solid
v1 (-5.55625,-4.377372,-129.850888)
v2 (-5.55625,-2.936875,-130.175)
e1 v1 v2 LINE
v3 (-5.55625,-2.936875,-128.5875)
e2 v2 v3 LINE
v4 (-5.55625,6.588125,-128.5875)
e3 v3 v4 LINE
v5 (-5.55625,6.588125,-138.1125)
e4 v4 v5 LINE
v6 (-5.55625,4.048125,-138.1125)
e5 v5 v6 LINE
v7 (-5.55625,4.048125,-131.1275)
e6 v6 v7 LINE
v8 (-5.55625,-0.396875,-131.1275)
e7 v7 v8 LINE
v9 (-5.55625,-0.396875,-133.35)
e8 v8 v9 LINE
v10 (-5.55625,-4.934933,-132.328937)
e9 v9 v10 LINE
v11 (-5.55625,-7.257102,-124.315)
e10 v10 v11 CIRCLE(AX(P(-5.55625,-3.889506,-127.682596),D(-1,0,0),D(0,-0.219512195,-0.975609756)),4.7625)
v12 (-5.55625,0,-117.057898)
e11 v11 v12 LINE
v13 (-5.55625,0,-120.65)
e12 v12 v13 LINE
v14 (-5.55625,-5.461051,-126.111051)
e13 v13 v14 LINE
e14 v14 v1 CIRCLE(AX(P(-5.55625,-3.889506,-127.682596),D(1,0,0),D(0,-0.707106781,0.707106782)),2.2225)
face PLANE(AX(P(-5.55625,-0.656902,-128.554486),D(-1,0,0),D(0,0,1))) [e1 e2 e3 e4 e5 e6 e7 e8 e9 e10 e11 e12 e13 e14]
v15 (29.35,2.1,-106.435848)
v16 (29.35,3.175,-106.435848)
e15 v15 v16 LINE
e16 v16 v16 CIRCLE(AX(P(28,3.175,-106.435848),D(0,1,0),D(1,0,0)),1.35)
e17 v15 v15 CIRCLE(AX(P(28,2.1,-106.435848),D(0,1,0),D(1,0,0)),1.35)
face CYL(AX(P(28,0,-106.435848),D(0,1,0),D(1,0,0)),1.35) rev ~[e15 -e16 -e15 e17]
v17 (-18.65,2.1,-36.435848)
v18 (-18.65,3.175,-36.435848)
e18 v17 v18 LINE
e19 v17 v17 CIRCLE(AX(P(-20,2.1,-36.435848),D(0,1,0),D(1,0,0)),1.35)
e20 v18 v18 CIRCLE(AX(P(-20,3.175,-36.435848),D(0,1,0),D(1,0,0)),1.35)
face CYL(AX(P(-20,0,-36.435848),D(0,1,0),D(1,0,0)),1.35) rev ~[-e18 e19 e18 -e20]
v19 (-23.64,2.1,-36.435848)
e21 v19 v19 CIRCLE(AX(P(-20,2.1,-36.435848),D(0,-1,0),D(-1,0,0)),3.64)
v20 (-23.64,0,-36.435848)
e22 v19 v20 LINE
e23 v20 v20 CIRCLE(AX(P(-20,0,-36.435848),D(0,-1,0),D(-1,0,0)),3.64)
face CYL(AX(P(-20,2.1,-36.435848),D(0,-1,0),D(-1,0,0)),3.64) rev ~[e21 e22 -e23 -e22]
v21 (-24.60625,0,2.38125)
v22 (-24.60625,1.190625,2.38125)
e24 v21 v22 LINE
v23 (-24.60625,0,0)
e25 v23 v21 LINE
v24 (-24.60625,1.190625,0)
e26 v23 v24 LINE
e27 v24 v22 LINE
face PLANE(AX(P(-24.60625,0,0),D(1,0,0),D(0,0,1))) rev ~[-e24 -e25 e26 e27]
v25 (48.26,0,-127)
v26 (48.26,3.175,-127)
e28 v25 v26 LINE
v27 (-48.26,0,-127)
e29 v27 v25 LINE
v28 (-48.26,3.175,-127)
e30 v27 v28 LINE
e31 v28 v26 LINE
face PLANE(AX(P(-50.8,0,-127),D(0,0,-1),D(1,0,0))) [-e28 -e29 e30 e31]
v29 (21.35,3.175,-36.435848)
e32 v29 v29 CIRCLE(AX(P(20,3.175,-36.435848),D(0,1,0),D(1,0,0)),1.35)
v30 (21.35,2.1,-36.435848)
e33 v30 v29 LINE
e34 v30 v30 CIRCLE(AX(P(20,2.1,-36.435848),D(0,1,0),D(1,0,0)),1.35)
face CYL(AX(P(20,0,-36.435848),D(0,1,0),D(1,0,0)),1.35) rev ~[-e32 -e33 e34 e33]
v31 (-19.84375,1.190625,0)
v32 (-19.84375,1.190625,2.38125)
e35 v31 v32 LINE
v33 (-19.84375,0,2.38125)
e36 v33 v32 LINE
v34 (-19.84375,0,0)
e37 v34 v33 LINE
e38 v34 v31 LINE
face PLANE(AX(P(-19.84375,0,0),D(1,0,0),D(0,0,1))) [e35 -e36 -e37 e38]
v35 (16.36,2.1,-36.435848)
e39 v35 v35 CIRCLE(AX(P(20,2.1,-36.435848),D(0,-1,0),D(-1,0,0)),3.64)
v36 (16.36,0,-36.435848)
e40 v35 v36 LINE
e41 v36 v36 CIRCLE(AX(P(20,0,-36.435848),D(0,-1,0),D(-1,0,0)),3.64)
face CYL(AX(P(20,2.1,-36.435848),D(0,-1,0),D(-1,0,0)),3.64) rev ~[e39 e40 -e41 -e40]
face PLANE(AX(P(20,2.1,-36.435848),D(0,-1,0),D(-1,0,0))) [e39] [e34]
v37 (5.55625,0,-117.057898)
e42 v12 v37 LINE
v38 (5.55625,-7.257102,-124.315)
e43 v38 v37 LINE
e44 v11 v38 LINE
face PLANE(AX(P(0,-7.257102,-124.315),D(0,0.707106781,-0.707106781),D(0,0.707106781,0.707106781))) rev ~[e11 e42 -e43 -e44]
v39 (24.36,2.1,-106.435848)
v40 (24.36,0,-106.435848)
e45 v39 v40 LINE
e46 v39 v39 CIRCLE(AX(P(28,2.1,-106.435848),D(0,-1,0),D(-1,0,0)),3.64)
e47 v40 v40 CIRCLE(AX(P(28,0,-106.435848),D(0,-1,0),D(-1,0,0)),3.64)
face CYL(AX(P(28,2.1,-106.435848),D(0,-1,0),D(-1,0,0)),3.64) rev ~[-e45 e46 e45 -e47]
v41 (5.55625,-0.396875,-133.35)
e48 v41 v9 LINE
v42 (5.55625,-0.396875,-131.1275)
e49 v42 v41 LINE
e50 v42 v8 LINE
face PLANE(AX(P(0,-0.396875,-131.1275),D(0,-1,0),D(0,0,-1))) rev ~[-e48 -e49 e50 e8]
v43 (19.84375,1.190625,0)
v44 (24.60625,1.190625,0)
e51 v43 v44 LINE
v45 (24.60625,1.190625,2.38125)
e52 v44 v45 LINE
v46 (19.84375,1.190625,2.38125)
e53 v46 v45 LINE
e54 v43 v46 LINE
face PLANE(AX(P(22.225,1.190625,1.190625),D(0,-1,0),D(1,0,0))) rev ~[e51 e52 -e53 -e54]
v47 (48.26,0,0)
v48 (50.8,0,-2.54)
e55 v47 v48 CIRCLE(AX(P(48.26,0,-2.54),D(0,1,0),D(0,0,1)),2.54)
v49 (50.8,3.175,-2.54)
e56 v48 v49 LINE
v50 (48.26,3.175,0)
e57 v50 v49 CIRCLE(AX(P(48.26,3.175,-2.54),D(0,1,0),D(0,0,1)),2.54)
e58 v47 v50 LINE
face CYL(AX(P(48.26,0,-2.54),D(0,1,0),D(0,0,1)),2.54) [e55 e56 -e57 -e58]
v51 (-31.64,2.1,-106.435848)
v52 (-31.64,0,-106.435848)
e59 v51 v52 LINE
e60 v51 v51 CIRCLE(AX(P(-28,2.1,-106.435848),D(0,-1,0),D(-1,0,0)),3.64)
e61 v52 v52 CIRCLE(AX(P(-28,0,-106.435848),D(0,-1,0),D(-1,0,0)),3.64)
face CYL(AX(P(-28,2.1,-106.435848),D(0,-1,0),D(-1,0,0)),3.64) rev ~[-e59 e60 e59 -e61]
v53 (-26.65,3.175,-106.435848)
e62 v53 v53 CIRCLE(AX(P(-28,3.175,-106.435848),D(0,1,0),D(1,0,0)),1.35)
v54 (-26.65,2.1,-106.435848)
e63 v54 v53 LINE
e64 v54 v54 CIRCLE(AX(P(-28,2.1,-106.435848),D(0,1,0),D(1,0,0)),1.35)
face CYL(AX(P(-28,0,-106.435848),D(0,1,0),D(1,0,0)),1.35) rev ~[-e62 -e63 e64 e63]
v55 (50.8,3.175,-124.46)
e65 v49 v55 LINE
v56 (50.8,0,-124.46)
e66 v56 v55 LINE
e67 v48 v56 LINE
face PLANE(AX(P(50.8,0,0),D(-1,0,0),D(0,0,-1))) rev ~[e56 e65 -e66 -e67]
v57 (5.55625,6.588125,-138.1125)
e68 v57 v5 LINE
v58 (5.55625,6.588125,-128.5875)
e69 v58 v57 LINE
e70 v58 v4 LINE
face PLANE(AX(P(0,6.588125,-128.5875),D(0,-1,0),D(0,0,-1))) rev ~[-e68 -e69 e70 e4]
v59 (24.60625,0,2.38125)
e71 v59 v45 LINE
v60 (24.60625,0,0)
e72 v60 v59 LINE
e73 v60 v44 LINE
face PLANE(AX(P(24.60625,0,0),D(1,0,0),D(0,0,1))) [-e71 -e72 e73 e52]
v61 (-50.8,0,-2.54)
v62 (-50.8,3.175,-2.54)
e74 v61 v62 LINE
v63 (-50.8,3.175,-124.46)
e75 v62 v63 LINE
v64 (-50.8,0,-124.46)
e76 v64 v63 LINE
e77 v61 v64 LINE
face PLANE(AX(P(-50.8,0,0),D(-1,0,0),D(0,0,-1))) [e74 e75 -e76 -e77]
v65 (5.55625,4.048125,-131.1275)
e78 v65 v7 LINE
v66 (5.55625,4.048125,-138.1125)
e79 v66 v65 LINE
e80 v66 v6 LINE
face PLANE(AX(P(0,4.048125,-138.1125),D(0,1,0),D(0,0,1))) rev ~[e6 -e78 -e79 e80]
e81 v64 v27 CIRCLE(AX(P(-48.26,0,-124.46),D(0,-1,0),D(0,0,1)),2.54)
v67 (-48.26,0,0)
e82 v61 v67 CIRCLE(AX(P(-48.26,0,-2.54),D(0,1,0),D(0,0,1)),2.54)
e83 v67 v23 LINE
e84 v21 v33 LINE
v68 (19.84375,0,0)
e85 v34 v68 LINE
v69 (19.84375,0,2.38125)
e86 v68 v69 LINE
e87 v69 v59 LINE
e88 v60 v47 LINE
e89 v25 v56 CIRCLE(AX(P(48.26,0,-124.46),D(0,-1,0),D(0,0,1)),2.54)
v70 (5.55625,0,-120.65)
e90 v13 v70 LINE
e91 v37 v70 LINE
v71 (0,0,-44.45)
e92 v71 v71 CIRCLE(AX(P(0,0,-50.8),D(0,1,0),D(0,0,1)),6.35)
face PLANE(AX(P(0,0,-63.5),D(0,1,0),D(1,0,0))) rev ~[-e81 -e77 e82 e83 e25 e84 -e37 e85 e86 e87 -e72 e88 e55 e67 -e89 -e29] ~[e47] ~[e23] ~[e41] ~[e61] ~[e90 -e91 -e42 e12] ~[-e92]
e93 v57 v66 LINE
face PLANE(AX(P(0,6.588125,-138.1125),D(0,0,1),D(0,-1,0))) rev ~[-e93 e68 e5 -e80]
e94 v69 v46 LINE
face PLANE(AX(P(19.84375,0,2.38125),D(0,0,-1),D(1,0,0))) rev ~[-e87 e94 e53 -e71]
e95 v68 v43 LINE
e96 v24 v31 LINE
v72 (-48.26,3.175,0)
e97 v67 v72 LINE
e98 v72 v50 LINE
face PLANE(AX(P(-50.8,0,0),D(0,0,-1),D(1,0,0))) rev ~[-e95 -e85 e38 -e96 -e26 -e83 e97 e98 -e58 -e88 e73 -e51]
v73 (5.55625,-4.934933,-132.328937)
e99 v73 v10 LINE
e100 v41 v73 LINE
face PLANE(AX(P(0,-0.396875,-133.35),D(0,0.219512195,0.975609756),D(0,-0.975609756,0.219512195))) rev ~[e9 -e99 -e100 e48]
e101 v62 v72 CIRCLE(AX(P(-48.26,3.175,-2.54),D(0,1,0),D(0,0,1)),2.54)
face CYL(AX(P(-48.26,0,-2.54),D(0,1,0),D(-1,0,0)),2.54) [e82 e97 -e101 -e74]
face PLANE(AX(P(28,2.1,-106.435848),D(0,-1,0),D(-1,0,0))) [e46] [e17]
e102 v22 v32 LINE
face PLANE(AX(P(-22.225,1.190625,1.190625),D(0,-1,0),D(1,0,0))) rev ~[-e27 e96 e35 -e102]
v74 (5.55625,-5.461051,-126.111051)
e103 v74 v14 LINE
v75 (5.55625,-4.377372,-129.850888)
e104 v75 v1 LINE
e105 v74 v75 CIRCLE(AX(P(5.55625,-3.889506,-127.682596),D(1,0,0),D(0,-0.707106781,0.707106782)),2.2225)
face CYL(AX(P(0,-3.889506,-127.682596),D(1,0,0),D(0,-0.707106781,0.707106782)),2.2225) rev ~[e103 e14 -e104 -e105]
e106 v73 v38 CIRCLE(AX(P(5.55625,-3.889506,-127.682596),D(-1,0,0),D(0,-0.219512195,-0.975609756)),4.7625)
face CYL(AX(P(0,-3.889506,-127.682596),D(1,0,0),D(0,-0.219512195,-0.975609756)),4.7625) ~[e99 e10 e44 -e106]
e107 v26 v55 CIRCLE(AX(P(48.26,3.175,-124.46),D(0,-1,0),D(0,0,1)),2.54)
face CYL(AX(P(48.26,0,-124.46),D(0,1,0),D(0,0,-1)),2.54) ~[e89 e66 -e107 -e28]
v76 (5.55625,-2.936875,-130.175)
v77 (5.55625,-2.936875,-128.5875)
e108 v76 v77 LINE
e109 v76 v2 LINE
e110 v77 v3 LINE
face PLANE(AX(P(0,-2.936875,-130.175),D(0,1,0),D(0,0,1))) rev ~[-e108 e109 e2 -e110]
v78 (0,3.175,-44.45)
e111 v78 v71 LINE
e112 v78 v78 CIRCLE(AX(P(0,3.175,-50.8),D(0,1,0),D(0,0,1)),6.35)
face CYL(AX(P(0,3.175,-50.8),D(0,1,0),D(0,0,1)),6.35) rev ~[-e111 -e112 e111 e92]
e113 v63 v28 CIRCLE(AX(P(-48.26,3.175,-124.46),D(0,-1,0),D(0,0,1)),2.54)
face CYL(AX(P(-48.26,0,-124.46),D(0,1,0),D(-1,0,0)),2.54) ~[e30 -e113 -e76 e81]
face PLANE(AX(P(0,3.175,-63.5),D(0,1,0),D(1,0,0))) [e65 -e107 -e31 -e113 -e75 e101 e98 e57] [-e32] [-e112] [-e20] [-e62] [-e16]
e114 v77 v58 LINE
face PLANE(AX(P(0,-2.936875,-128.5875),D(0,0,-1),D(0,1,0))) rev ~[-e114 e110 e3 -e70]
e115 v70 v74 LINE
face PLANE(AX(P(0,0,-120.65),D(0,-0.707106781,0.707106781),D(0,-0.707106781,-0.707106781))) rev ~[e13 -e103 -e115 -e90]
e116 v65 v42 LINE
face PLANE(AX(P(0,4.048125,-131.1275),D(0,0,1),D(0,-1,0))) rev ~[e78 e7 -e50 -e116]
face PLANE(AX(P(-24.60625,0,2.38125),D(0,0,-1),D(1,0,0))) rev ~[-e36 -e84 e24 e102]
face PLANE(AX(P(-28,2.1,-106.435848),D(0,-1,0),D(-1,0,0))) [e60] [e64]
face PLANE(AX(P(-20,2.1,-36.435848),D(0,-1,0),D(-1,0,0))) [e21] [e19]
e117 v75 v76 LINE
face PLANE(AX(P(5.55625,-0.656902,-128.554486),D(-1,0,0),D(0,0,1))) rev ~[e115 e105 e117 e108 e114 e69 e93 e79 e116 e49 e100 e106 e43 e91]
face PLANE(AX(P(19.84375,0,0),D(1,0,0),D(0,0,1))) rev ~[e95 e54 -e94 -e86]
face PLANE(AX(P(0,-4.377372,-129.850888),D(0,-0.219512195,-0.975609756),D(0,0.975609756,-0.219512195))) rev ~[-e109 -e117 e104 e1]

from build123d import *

# Parameters (mm, degrees)
SKETCH1_W                                          = 101.6
SKETCH1_H                                          = 127
BOSS_EXTRUDE1_DEPTH                                = 3.175
SKETCH2_W                                          = 4.7625
SKETCH2_H                                          = 2.38125
BOSS_EXTRUDE2_DEPTH                                = 1.190625
FILLET1_R                                          = 2.54
BOSS_EXTRUDE3_DEPTH                                = 5.55625
CBORE_FOR_M2_5_HEX_HEAD_MACHINE_SCREW1_D           = 2.7
CBORE_FOR_M2_5_HEX_HEAD_MACHINE_SCREW1_CBORE_D     = 7.28
CBORE_FOR_M2_5_HEX_HEAD_MACHINE_SCREW1_CBORE_DEPTH = 2.1
SKETCH8_R                                          = 6.35
CUT_EXTRUDE1_DEPTH                                 = 148.63326429


with BuildPart() as part:
    # Sketch1 → Boss-Extrude1 (new body)
    with BuildSketch(Plane(origin=(0, 0, 0), x_dir=(1, 0, 0), z_dir=(0, 1, 0))):
        with Locations((0, 63.5)):
            Rectangle(SKETCH1_W, SKETCH1_H)
    extrude(amount=BOSS_EXTRUDE1_DEPTH)

    # Sketch2 → Boss-Extrude2 (add)
    with BuildSketch(Plane.XZ):
        with Locations((-22.225, 1.190625)):
            Rectangle(SKETCH2_W, SKETCH2_H)
        with Locations((22.225, 1.190625)):
            Rectangle(SKETCH2_W, SKETCH2_H)
    extrude(amount=-BOSS_EXTRUDE2_DEPTH)

    # Fillet1
    fillet1_edges = [part.edges().sort_by_distance(p)[0] for p in [
        (50.8, 1.5875, 0),
        (-50.8, 1.5875, 0),
        (-50.8, 1.5875, -127),
        (50.8, 1.5875, -127),
    ]]
    fillet(fillet1_edges, radius=FILLET1_R)

    # Sketch4 → Boss-Extrude3 (add, symmetric)
    with BuildSketch(Plane(origin=(0, 0, 0), x_dir=(0, 0, -1), z_dir=(1, 0, 0))):
        with BuildLine():
            Line((120.65, 0), (126.111050725, -5.461050725))
            ThreePointArc((126.111050725, -5.461050725), (128.301155995, -6.024193053), (129.850888229, -4.377371758))
            Line((129.850888229, -4.377371758), (130.175, -2.936875))
            Line((130.175, -2.936875), (128.5875, -2.936875))
            Line((128.5875, -2.936875), (128.5875, 6.588125))
            Line((128.5875, 6.588125), (138.1125, 6.588125))
            Line((138.1125, 6.588125), (138.1125, 4.048125))
            Line((138.1125, 4.048125), (131.1275, 4.048125))
            Line((131.1275, 4.048125), (131.1275, -0.396875))
            Line((131.1275, -0.396875), (133.35, -0.396875))
            Line((133.35, -0.396875), (132.32893701, -4.934932733))
            ThreePointArc((132.32893701, -4.934932733), (129.008082223, -8.463835508), (124.314999501, -7.25710195))
            Line((124.314999501, -7.25710195), (117.057897552, 0))
            Line((117.057897552, 0), (120.65, 0))
        make_face()
    extrude(amount=BOSS_EXTRUDE3_DEPTH, both=True)

    # CBORE for M2.5 Hex Head Machine Screw1 (through all)
    with Locations(Plane(origin=(0, 0, 0), x_dir=(-1, 0, 0), z_dir=(0, -1, 0))):
        with Locations((20, 36.435847812), (28, 106.435847812), (-20, 36.435847812), (-28, 106.435847812)):
            CounterBoreHole(CBORE_FOR_M2_5_HEX_HEAD_MACHINE_SCREW1_D / 2, CBORE_FOR_M2_5_HEX_HEAD_MACHINE_SCREW1_CBORE_D / 2, CBORE_FOR_M2_5_HEX_HEAD_MACHINE_SCREW1_CBORE_DEPTH)

    # Sketch8 → Cut-Extrude1 (cut, through all)
    with BuildSketch(Plane(origin=(0, 3.175, 0), x_dir=(1, 0, 0), z_dir=(0, 1, 0))):
        with Locations(Location((0, 50.8, 0), (0, 0, 270))):
            Circle(SKETCH8_R)
    extrude(amount=-CUT_EXTRUDE1_DEPTH, mode=Mode.SUBTRACT)


solid = part.part
